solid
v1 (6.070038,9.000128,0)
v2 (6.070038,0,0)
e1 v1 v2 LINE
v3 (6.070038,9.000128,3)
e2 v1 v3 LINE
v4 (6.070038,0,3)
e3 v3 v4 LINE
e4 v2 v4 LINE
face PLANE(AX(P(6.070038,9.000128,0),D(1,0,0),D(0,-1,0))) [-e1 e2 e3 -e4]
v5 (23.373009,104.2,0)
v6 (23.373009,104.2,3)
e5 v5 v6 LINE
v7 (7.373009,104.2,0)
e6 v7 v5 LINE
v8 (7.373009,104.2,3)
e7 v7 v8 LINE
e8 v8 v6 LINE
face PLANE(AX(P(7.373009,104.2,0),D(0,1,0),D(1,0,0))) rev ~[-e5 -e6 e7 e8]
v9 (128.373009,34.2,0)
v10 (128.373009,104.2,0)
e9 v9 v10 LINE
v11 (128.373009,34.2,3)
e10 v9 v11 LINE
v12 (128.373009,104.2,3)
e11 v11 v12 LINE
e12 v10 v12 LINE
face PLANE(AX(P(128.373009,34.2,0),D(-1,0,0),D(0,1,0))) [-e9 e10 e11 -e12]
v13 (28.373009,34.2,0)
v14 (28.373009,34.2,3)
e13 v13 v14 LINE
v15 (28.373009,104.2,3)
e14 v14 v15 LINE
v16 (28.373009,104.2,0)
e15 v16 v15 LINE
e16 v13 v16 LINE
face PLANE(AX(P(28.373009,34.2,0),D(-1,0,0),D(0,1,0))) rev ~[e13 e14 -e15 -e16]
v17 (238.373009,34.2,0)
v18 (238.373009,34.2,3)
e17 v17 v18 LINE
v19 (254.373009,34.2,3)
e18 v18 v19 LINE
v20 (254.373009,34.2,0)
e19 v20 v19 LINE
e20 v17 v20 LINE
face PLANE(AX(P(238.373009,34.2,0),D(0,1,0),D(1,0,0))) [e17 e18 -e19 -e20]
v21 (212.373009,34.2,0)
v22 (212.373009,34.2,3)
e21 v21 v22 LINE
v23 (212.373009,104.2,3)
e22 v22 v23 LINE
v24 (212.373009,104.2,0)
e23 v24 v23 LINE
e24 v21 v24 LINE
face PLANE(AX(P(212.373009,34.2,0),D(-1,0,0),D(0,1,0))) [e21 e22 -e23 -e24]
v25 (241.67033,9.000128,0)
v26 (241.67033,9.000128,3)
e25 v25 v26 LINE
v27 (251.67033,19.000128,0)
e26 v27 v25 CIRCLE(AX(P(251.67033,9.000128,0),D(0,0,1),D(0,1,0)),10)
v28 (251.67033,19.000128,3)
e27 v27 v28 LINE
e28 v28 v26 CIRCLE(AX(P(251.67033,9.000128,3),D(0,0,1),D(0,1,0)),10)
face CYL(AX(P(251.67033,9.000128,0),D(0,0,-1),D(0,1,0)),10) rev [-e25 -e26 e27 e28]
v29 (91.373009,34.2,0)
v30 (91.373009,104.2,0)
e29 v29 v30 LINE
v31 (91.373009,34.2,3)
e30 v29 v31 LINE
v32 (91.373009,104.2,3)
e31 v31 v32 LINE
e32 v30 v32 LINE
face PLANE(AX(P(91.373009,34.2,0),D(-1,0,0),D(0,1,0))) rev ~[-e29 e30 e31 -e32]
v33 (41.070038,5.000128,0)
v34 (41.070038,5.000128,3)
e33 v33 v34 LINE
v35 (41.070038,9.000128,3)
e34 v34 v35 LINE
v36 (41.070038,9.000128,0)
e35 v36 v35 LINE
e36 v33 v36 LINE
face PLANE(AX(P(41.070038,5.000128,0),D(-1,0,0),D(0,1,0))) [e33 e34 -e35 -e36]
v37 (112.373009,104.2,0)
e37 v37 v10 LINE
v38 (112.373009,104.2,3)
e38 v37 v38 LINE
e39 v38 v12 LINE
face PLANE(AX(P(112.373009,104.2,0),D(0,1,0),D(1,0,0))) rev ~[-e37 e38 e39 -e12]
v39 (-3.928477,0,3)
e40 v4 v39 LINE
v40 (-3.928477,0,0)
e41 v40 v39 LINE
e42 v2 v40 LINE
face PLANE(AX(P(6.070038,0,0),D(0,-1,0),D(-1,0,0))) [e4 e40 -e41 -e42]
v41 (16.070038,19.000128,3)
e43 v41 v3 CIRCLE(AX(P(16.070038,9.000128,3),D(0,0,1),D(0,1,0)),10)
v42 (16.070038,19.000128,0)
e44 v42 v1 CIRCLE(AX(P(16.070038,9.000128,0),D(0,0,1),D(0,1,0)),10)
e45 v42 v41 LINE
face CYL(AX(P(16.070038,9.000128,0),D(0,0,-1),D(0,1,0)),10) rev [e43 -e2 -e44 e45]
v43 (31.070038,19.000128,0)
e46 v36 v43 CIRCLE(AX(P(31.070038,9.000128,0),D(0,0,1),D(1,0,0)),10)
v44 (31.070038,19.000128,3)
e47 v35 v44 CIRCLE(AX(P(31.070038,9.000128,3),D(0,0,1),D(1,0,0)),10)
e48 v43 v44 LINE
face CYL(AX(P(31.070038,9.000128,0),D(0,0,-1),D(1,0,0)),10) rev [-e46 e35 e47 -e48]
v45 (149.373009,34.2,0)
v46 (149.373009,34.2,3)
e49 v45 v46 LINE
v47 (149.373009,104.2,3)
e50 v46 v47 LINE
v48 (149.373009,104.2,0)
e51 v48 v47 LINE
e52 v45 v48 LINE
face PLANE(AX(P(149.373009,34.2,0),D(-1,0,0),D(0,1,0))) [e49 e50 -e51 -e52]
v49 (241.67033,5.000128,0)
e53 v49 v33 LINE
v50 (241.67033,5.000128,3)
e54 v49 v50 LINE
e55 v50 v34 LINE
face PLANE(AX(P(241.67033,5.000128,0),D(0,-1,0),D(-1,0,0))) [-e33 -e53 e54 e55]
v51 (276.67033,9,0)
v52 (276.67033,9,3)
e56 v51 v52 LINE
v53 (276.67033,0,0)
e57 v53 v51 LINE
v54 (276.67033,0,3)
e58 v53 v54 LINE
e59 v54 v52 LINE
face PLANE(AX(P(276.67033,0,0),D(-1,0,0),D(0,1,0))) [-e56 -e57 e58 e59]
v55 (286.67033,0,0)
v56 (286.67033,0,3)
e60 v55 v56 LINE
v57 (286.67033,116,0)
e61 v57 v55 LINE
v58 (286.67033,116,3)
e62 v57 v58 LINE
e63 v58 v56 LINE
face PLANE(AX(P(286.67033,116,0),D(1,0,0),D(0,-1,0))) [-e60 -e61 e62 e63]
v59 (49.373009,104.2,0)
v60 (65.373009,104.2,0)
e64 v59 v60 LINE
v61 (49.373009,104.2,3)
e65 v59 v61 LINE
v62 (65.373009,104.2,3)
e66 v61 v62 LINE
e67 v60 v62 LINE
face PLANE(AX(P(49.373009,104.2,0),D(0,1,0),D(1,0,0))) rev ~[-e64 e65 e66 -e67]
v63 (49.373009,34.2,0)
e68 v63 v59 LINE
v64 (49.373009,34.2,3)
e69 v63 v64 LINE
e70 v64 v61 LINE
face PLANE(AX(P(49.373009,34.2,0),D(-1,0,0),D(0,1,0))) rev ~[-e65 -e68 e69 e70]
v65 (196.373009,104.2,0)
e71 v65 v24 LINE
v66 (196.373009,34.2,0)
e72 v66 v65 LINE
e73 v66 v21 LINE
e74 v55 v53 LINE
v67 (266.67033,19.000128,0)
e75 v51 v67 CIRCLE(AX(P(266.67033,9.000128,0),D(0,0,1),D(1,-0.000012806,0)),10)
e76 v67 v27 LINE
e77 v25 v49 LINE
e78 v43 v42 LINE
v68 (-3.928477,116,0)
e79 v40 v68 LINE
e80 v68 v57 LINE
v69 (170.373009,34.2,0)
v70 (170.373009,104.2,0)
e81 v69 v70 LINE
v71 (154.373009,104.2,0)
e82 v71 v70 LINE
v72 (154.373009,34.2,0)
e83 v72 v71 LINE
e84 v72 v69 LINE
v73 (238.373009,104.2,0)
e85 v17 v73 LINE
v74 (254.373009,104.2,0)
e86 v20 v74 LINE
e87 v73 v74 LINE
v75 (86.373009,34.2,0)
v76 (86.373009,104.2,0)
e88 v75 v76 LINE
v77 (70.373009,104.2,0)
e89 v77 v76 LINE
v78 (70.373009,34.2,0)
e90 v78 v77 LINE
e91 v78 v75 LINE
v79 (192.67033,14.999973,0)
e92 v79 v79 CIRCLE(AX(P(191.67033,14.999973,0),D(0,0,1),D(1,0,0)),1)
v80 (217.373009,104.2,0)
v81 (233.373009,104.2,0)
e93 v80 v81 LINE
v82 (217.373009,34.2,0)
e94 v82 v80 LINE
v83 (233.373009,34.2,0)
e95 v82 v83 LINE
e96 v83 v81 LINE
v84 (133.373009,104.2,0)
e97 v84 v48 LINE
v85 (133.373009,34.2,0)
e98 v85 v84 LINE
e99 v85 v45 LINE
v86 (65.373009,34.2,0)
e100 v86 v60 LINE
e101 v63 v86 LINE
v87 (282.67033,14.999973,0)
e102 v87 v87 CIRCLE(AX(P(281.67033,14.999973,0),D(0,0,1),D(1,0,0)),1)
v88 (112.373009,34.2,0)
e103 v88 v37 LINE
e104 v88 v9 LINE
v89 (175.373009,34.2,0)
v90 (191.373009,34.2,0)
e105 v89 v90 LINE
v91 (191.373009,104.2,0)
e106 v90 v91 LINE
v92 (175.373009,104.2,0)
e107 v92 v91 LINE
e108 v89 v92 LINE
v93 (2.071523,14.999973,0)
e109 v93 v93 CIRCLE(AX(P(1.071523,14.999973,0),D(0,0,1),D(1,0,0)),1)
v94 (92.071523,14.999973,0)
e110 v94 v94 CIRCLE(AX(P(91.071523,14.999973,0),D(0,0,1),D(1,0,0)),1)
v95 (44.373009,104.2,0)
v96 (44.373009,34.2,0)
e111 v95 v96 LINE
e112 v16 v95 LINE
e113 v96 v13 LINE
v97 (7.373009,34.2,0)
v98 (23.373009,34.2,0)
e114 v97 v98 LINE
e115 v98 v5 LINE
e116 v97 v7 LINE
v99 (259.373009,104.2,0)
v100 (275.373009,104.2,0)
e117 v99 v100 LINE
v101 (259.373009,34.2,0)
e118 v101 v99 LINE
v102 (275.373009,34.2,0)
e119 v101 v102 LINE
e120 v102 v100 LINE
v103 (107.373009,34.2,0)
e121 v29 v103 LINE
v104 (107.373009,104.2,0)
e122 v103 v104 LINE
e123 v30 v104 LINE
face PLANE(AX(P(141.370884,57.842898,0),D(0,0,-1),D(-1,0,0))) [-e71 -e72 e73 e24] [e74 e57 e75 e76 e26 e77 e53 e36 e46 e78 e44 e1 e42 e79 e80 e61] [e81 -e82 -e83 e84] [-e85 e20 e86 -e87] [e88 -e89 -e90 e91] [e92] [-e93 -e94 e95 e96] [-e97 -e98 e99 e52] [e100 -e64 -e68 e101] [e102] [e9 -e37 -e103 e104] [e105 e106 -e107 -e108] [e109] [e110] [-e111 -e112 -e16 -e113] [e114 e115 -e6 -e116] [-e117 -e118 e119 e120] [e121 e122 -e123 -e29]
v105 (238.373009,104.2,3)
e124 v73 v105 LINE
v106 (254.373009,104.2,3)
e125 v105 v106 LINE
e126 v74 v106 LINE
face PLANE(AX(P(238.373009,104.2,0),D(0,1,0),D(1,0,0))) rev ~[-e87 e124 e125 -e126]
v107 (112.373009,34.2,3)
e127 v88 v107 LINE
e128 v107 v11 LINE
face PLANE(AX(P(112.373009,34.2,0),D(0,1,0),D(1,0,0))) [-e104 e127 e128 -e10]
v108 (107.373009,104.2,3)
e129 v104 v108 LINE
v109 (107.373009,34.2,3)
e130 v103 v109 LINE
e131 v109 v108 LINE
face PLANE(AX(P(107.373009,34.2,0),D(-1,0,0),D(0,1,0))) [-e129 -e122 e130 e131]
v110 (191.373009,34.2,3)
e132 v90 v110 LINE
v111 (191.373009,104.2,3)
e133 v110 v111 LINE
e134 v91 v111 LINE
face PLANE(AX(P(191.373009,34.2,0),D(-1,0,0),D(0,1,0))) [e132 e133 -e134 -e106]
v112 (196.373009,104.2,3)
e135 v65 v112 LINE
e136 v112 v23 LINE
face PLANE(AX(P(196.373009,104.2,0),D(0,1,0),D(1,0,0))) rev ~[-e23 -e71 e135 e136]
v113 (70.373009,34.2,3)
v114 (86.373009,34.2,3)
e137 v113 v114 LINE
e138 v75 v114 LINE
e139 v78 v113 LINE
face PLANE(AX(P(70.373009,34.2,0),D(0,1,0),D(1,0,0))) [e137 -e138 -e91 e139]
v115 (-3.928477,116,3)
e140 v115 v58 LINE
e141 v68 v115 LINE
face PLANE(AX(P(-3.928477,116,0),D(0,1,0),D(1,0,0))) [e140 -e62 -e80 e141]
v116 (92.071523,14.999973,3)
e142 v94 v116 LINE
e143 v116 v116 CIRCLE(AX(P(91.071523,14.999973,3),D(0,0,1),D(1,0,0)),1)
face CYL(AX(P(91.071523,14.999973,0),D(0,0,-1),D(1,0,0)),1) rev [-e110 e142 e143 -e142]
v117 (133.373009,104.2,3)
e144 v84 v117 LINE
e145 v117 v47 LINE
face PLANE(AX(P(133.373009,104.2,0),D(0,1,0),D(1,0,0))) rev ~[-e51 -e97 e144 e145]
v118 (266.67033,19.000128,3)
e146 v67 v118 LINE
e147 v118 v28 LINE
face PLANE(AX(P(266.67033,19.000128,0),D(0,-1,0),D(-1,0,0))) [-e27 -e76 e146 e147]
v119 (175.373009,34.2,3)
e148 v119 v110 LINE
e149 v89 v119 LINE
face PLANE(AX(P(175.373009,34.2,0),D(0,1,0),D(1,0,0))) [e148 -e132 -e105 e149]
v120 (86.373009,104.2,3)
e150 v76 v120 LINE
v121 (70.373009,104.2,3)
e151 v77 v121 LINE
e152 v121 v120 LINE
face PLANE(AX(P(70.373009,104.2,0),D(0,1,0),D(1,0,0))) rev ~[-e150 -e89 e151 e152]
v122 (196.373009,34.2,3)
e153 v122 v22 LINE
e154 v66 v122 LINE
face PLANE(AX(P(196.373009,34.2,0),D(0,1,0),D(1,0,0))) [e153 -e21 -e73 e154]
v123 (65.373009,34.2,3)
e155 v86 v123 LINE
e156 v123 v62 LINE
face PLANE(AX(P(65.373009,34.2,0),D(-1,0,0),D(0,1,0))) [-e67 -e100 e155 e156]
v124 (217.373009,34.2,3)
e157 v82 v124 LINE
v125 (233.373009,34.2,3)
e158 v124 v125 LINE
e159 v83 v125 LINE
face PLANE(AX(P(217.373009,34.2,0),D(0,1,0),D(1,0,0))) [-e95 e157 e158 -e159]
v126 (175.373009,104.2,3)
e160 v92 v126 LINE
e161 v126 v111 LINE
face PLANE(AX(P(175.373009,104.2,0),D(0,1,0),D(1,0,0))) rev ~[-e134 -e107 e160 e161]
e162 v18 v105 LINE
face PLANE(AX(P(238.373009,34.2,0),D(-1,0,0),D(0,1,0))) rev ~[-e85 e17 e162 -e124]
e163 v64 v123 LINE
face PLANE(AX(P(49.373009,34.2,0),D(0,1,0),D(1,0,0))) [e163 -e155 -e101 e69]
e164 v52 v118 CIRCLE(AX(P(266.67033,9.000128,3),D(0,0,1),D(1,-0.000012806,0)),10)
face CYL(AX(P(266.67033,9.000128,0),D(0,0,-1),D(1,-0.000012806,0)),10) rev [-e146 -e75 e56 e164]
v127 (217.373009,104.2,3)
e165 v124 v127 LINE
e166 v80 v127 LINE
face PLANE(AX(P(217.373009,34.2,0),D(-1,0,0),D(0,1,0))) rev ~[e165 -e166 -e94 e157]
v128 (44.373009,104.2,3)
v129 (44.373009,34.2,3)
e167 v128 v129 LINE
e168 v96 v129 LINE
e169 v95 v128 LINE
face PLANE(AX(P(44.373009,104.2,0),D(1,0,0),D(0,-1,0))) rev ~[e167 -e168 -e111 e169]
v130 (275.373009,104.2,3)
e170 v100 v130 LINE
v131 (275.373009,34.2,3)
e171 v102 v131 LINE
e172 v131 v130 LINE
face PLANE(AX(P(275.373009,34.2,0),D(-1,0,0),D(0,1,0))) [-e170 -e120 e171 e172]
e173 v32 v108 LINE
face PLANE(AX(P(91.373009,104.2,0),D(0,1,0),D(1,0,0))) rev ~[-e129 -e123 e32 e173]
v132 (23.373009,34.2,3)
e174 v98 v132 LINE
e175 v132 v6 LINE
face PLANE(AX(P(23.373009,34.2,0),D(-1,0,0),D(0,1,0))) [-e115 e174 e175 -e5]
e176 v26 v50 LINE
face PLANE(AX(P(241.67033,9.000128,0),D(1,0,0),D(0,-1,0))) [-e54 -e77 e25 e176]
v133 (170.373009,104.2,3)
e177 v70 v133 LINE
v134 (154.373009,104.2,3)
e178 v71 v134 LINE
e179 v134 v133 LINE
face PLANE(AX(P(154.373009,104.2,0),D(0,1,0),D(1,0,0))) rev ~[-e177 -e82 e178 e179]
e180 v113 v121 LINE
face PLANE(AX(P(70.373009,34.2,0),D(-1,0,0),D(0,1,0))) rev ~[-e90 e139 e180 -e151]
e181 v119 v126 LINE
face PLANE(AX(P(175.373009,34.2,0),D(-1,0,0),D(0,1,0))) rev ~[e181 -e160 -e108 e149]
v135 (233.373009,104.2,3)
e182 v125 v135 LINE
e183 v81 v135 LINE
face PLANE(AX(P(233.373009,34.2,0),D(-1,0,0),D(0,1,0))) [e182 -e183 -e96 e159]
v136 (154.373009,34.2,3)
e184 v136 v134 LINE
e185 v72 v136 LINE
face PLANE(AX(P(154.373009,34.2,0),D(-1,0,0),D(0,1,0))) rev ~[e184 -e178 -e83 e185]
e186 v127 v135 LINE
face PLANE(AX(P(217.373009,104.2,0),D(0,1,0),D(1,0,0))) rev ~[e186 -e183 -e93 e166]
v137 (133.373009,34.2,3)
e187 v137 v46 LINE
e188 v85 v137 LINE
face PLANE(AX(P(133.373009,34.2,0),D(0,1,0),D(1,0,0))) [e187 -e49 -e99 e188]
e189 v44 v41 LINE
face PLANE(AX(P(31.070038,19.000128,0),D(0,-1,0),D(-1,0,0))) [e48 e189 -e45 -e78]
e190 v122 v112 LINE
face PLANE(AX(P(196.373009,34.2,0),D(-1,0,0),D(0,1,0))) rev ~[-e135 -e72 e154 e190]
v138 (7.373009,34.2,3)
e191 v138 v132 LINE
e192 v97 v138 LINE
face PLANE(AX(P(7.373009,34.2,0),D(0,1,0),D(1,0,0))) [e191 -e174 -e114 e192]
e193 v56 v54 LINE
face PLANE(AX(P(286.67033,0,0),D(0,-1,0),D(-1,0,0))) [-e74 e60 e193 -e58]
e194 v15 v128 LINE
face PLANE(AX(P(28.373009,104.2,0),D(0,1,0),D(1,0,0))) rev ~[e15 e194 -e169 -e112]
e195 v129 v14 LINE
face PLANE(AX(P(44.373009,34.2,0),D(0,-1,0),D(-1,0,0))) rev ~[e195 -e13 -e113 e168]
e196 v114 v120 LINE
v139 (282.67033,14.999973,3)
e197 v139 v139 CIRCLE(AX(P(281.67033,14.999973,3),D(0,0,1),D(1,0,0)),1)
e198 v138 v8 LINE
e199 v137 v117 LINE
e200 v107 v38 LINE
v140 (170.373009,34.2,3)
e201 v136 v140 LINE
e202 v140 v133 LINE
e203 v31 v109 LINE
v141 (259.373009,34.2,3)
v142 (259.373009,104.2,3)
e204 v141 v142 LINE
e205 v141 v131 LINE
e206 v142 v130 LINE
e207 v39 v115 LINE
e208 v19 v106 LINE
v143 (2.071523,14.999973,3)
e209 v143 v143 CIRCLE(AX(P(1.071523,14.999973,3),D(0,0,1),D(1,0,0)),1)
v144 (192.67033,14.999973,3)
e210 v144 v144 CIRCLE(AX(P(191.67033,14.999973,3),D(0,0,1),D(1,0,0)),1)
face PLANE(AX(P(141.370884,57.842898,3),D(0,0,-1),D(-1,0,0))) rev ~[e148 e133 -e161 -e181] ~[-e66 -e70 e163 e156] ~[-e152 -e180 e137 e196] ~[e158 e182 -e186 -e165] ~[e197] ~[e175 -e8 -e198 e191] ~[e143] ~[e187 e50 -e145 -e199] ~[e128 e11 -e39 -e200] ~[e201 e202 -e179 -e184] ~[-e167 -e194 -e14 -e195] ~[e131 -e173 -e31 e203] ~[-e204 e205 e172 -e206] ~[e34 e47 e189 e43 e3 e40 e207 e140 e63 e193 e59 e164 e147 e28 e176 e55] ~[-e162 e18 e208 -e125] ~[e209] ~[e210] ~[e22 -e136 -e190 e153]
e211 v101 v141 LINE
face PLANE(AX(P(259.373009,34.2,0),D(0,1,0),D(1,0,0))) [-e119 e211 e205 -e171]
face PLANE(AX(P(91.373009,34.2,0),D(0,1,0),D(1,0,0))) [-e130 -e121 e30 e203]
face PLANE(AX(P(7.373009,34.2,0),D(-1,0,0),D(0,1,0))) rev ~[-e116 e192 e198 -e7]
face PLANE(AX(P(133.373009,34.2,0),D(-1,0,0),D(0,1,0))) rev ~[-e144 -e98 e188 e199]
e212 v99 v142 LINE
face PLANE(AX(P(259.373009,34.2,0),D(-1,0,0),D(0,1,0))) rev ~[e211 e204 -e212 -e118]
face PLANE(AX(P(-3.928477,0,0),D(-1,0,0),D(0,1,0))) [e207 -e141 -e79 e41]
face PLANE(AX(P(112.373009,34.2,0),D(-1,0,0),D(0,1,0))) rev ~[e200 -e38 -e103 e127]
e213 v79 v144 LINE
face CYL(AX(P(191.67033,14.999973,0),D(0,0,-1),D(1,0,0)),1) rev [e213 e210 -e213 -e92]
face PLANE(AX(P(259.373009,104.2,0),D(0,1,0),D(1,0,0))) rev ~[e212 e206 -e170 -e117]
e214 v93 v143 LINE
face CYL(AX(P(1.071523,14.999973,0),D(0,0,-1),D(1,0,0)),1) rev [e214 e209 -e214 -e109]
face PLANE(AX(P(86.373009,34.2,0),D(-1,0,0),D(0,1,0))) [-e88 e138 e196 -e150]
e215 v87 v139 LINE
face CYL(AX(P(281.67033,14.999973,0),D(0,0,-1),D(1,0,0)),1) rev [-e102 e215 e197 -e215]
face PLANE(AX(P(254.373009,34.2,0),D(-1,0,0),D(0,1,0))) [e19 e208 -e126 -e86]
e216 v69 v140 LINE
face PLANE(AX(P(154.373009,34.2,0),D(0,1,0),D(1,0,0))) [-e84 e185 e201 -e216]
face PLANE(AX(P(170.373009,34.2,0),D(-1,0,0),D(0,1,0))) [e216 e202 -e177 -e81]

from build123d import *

# Parameters (mm, degrees)
ESQUISSE5_R      = 1
ESQUISSE5_W      = 16
ESQUISSE5_H      = 70
ESQUISSE5_W_2    = 15.999999999
EXTRUSION1_DEPTH = 3


with BuildPart() as part:
    # Esquisse5 → Extrusion1 (new body)
    with BuildSketch(Plane.XY):
        with BuildLine():
            Line((-3.928476502, 116), (286.670329677, 116))
            Line((286.670329677, 116), (286.670329677, 0))
            Line((286.670329677, 0), (276.670329677, 0))
            Line((276.670329677, 0), (276.670329677, 8.999999996))
            ThreePointArc((276.670329677, 8.999999996), (273.741442764, 16.071150589), (266.670329677, 19.000128051))
            Line((266.670329677, 19.000128051), (251.670329678, 19.000128051))
            ThreePointArc((251.670329678, 19.000128051), (244.599261866, 16.071195863), (241.670329677, 9.000128051))
            Line((241.670329677, 9.000128051), (241.670329677, 5.000128051))
            Line((241.670329677, 5.000128051), (41.070037623, 5.000128051))
            Line((41.070037623, 5.000128051), (41.070037623, 9.000128051))
            ThreePointArc((41.070037623, 9.000128051), (38.141105434, 16.071195863), (31.070037623, 19.000128051))
            Line((31.070037623, 19.000128051), (16.070037622, 19.000128051))
            ThreePointArc((16.070037622, 19.000128051), (8.998969811, 16.071195863), (6.070037623, 9.000128051))
            Line((6.070037623, 9.000128051), (6.070037623, 0))
            Line((6.070037623, 0), (-3.928476502, 0))
            Line((-3.928476502, 0), (-3.928476502, 116))
        make_face()
        with Locations((191.670329678, 14.999972575)):
            Circle(ESQUISSE5_R, mode=Mode.SUBTRACT)
        with Locations((1.071523498, 14.999972575)):
            Circle(ESQUISSE5_R, mode=Mode.SUBTRACT)
        with Locations((91.071523498, 14.999972575)):
            Circle(ESQUISSE5_R, mode=Mode.SUBTRACT)
        with Locations((281.670329677, 14.999972575)):
            Circle(ESQUISSE5_R, mode=Mode.SUBTRACT)
        Polygon((28.373009183, 104.2), (44.373009183, 104.2), (44.373009183, 34.2), (28.373009183, 34.2), align=None, mode=Mode.SUBTRACT)
        with Locations((15.373009183, 69.2)):
            Rectangle(ESQUISSE5_W, ESQUISSE5_H, mode=Mode.SUBTRACT)
        with Locations((57.373009183, 69.2)):
            Rectangle(ESQUISSE5_W, ESQUISSE5_H, mode=Mode.SUBTRACT)
        with Locations((78.373009183, 69.2)):
            Rectangle(ESQUISSE5_W, ESQUISSE5_H, mode=Mode.SUBTRACT)
        with Locations((99.373009183, 69.2)):
            Rectangle(ESQUISSE5_W, ESQUISSE5_H, mode=Mode.SUBTRACT)
        with Locations((120.373009183, 69.2)):
            Rectangle(ESQUISSE5_W, ESQUISSE5_H, mode=Mode.SUBTRACT)
        with Locations((141.373009183, 69.2)):
            Rectangle(ESQUISSE5_W, ESQUISSE5_H, mode=Mode.SUBTRACT)
        with Locations((162.373009183, 69.2)):
            Rectangle(ESQUISSE5_W_2, ESQUISSE5_H, mode=Mode.SUBTRACT)
        with Locations((183.373009182, 69.2)):
            Rectangle(ESQUISSE5_W, ESQUISSE5_H, mode=Mode.SUBTRACT)
        with Locations((204.373009182, 69.2)):
            Rectangle(ESQUISSE5_W, ESQUISSE5_H, mode=Mode.SUBTRACT)
        with Locations((225.373009182, 69.2)):
            Rectangle(ESQUISSE5_W, ESQUISSE5_H, mode=Mode.SUBTRACT)
        with Locations((246.373009182, 69.2)):
            Rectangle(ESQUISSE5_W, ESQUISSE5_H, mode=Mode.SUBTRACT)
        with Locations((267.373009182, 69.2)):
            Rectangle(ESQUISSE5_W, ESQUISSE5_H, mode=Mode.SUBTRACT)
    extrude(amount=EXTRUSION1_DEPTH)


solid = part.part
